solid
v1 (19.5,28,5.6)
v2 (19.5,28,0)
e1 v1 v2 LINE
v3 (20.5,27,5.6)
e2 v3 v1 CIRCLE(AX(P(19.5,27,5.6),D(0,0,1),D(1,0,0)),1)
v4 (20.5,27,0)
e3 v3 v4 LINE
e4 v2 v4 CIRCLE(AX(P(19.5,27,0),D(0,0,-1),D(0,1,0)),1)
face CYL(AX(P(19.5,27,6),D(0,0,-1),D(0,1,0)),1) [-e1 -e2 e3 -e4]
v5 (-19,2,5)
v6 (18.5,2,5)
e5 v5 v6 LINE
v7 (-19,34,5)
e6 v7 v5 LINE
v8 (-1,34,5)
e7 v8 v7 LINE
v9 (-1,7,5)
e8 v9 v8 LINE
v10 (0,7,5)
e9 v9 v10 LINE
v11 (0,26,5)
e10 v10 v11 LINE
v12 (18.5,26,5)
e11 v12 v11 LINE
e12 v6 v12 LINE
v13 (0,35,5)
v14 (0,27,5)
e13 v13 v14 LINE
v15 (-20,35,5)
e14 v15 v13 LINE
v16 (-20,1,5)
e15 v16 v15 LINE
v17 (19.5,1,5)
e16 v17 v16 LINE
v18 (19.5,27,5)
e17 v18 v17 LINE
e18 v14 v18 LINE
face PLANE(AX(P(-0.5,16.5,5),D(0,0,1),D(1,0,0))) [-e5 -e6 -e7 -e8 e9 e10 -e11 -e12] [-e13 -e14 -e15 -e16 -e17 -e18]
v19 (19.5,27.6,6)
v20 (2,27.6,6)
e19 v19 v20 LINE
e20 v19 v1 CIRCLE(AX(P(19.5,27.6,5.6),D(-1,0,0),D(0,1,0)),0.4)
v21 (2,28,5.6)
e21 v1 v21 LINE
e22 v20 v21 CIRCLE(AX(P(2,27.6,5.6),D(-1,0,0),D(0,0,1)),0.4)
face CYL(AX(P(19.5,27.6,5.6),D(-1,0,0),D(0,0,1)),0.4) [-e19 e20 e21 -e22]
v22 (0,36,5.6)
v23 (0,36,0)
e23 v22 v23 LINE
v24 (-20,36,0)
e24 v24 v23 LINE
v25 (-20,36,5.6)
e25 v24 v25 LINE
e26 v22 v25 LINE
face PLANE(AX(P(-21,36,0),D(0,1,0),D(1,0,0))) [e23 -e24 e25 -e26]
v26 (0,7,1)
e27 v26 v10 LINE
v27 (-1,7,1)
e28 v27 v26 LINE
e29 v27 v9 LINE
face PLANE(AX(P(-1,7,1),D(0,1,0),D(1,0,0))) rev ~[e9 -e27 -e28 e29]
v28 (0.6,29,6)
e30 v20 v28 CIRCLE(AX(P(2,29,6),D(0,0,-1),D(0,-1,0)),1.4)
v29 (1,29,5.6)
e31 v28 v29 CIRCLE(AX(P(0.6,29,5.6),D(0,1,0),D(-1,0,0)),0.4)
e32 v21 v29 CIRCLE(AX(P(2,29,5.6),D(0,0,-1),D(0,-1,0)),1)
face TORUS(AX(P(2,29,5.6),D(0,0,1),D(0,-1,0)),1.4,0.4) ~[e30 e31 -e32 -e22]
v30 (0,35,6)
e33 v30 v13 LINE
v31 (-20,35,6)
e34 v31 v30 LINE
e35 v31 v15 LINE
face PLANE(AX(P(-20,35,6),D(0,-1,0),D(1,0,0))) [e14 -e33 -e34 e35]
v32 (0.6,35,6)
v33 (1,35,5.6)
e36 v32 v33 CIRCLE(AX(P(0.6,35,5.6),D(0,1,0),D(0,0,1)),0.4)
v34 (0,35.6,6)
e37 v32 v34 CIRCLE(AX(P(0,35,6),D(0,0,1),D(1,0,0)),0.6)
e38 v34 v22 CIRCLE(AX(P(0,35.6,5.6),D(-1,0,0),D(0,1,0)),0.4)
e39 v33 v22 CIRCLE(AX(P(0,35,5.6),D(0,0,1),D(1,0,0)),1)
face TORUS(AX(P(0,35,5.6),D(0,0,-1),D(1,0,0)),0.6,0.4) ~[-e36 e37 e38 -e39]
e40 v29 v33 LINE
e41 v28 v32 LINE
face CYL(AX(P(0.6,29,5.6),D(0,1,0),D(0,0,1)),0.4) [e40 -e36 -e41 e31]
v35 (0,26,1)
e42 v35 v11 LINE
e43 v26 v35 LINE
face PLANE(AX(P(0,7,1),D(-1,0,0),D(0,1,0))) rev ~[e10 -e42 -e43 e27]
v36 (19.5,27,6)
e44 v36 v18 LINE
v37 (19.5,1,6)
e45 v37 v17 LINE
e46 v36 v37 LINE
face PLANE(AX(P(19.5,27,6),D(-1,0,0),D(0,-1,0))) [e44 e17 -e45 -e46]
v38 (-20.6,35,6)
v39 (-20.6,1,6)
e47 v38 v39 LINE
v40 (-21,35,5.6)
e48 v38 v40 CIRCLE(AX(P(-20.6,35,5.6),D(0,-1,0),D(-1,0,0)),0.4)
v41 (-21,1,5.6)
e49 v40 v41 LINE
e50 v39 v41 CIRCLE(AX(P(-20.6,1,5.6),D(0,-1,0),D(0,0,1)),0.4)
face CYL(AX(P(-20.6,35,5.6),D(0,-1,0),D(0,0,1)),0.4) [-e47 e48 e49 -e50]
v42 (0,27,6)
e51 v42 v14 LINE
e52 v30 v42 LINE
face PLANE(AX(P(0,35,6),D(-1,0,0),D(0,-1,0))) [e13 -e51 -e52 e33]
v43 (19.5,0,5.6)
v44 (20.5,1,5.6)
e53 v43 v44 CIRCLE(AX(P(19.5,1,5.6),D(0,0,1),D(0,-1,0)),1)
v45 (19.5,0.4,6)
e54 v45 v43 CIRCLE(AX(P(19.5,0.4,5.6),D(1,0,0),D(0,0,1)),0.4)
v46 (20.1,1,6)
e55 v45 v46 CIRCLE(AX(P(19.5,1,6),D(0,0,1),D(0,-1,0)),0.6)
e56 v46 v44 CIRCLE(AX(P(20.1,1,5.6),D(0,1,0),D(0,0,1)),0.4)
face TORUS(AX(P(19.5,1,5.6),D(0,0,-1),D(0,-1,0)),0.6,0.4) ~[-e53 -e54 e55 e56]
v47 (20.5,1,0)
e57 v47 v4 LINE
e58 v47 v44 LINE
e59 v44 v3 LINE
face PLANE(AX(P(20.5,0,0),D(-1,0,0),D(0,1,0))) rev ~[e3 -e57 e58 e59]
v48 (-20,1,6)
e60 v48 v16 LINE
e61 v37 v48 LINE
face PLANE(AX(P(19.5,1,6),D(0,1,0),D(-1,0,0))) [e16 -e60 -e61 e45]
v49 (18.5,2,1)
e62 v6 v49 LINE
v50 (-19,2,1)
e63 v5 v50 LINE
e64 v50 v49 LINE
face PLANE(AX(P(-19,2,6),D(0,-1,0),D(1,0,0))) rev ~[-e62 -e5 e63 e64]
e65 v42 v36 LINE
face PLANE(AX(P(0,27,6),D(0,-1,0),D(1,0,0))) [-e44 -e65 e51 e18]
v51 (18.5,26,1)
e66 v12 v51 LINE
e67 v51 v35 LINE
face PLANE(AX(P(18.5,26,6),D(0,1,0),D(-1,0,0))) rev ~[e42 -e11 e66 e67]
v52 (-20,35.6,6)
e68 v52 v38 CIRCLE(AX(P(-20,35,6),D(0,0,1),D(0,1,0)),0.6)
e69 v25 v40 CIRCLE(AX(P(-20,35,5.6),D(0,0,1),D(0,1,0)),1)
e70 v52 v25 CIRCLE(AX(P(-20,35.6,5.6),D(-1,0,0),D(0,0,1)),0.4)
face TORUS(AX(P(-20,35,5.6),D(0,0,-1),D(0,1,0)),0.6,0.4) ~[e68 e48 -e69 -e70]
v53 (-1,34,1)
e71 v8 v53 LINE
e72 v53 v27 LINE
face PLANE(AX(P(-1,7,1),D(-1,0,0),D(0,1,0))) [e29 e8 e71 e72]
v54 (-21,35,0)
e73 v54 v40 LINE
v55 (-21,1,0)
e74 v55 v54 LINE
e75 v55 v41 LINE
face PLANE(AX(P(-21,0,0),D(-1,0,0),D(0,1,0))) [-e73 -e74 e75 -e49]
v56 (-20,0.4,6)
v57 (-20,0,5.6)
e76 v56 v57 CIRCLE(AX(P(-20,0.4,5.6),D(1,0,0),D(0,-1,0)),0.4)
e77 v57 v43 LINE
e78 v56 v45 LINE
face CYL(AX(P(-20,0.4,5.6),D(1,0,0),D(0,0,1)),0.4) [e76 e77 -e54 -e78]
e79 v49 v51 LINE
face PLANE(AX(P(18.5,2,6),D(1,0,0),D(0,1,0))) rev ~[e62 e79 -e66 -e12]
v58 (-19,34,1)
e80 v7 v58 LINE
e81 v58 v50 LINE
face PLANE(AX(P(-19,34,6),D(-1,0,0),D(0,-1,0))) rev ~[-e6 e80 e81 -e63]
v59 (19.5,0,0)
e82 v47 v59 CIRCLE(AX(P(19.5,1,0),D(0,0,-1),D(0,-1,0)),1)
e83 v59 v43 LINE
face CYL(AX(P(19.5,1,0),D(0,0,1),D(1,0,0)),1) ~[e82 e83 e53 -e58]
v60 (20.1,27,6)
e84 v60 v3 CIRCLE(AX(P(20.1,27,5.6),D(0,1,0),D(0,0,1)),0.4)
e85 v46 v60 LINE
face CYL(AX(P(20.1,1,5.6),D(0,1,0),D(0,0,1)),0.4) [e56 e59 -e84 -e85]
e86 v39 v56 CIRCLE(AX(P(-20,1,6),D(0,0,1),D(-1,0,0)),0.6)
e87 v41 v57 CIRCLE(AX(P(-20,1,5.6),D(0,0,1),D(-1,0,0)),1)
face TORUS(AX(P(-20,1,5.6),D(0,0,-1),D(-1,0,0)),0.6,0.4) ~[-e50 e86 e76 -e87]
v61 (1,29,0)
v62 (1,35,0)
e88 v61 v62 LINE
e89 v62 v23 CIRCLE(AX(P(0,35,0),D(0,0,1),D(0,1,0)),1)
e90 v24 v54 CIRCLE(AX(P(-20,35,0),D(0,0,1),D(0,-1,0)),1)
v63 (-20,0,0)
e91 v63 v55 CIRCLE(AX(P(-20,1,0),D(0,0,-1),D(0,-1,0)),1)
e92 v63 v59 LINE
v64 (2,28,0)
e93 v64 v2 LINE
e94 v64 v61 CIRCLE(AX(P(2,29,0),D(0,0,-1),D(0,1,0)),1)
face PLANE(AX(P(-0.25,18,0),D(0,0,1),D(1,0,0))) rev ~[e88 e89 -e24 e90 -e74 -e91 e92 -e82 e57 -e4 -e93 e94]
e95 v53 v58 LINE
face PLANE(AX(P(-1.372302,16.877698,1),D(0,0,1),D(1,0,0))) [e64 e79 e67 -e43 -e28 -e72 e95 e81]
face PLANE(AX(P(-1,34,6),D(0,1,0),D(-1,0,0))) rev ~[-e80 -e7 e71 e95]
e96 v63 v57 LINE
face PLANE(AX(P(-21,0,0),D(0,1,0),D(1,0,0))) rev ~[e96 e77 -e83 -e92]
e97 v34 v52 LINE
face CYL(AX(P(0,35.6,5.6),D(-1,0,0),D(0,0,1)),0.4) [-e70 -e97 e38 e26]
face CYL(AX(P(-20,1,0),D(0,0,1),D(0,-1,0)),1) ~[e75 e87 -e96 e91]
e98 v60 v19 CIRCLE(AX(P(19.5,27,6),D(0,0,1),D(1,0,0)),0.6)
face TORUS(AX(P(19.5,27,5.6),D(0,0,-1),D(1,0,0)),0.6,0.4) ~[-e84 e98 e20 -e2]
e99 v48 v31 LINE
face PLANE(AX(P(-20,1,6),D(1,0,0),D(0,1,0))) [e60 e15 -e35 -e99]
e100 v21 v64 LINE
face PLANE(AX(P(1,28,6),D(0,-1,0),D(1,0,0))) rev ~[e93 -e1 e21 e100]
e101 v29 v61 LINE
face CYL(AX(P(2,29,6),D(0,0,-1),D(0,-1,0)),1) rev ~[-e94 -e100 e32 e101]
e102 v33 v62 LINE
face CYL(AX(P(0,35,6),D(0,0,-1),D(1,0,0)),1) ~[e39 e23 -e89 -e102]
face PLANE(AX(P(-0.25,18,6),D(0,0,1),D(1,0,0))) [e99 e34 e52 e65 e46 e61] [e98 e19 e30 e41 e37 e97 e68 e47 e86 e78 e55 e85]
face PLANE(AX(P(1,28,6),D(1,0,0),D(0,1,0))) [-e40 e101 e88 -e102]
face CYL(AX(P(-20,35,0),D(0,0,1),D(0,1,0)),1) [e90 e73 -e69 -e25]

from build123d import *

# Parameters (mm, degrees)
SKETCH_W        = 41.5
SKETCH_H        = 36
PAD_DEPTH       = 6
POCKET_DEPTH    = 5
SKETCH002_W     = 19.5
SKETCH002_H     = 8
POCKET001_DEPTH = 6.001
POCKET002_DEPTH = 1
SKETCH005_W     = 1
SKETCH005_H     = 19
PAD001_DEPTH    = 4
FILLET_R        = 1
FILLET001_R     = 0.4


with BuildPart() as part:
    # Sketch → Pad (new body)
    with BuildSketch(Plane.XY):
        with Locations((-0.25, 18)):
            Rectangle(SKETCH_W, SKETCH_H)
    extrude(amount=PAD_DEPTH)

    # Sketch001 (on Face6 of Pad) → Pocket (cut)
    with BuildSketch(Plane.XY.offset(6)):
        Polygon((-19, 2), (18.5, 2), (18.5, 26), (-1, 26), (-1, 34), (-19, 34), align=None)
    extrude(amount=-POCKET_DEPTH, mode=Mode.SUBTRACT)

    # Sketch002 (on Face5 of Pocket) → Pocket001 (cut, through all)
    with BuildSketch(Plane.XY.offset(6)):
        with Locations((10.75, 32)):
            Rectangle(SKETCH002_W, SKETCH002_H)
    extrude(amount=-POCKET001_DEPTH, mode=Mode.SUBTRACT)

    # Sketch004 (on Face5 of Pocket001) → Pocket002 (cut)
    with BuildSketch(Plane.XY.offset(6)):
        Polygon((-20, 35), (0, 35), (0, 27), (19.5, 27), (19.5, 1), (-20, 1), align=None)
    extrude(amount=-POCKET002_DEPTH, mode=Mode.SUBTRACT)

    # Sketch005 (on Face22 of Pocket002) → Pad001 (join)
    with BuildSketch(Plane.XY.offset(1)):
        with Locations((-0.5, 16.5)):
            Rectangle(SKETCH005_W, SKETCH005_H)
    extrude(amount=PAD001_DEPTH)

    # Fillet
    fillet_edges = [part.edges().sort_by_distance(p)[0] for p in [
        (-21, 0, 3),
        (20.5, 0, 3),
        (20.5, 28, 3),
        (1, 28, 3),
        (1, 36, 3),
        (-21, 36, 3),
    ]]
    fillet(fillet_edges, radius=FILLET_R)

    # Fillet001
    fillet001_edges = [part.edges().sort_by_distance(p)[0] for p in [
        (20.5, 14, 6),
        (20.207107, 0.292893, 6),
        (-0.25, 0, 6),
        (20.207107, 27.707107, 6),
        (10.75, 28, 6),
        (1.292893, 28.292893, 6),
        (1, 32, 6),
        (0.707107, 35.707107, 6),
        (-10, 36, 6),
        (-21, 18, 6),
        (-20.707107, 0.292893, 6),
    ]]
    fillet(fillet001_edges, radius=FILLET001_R)


solid = part.part
